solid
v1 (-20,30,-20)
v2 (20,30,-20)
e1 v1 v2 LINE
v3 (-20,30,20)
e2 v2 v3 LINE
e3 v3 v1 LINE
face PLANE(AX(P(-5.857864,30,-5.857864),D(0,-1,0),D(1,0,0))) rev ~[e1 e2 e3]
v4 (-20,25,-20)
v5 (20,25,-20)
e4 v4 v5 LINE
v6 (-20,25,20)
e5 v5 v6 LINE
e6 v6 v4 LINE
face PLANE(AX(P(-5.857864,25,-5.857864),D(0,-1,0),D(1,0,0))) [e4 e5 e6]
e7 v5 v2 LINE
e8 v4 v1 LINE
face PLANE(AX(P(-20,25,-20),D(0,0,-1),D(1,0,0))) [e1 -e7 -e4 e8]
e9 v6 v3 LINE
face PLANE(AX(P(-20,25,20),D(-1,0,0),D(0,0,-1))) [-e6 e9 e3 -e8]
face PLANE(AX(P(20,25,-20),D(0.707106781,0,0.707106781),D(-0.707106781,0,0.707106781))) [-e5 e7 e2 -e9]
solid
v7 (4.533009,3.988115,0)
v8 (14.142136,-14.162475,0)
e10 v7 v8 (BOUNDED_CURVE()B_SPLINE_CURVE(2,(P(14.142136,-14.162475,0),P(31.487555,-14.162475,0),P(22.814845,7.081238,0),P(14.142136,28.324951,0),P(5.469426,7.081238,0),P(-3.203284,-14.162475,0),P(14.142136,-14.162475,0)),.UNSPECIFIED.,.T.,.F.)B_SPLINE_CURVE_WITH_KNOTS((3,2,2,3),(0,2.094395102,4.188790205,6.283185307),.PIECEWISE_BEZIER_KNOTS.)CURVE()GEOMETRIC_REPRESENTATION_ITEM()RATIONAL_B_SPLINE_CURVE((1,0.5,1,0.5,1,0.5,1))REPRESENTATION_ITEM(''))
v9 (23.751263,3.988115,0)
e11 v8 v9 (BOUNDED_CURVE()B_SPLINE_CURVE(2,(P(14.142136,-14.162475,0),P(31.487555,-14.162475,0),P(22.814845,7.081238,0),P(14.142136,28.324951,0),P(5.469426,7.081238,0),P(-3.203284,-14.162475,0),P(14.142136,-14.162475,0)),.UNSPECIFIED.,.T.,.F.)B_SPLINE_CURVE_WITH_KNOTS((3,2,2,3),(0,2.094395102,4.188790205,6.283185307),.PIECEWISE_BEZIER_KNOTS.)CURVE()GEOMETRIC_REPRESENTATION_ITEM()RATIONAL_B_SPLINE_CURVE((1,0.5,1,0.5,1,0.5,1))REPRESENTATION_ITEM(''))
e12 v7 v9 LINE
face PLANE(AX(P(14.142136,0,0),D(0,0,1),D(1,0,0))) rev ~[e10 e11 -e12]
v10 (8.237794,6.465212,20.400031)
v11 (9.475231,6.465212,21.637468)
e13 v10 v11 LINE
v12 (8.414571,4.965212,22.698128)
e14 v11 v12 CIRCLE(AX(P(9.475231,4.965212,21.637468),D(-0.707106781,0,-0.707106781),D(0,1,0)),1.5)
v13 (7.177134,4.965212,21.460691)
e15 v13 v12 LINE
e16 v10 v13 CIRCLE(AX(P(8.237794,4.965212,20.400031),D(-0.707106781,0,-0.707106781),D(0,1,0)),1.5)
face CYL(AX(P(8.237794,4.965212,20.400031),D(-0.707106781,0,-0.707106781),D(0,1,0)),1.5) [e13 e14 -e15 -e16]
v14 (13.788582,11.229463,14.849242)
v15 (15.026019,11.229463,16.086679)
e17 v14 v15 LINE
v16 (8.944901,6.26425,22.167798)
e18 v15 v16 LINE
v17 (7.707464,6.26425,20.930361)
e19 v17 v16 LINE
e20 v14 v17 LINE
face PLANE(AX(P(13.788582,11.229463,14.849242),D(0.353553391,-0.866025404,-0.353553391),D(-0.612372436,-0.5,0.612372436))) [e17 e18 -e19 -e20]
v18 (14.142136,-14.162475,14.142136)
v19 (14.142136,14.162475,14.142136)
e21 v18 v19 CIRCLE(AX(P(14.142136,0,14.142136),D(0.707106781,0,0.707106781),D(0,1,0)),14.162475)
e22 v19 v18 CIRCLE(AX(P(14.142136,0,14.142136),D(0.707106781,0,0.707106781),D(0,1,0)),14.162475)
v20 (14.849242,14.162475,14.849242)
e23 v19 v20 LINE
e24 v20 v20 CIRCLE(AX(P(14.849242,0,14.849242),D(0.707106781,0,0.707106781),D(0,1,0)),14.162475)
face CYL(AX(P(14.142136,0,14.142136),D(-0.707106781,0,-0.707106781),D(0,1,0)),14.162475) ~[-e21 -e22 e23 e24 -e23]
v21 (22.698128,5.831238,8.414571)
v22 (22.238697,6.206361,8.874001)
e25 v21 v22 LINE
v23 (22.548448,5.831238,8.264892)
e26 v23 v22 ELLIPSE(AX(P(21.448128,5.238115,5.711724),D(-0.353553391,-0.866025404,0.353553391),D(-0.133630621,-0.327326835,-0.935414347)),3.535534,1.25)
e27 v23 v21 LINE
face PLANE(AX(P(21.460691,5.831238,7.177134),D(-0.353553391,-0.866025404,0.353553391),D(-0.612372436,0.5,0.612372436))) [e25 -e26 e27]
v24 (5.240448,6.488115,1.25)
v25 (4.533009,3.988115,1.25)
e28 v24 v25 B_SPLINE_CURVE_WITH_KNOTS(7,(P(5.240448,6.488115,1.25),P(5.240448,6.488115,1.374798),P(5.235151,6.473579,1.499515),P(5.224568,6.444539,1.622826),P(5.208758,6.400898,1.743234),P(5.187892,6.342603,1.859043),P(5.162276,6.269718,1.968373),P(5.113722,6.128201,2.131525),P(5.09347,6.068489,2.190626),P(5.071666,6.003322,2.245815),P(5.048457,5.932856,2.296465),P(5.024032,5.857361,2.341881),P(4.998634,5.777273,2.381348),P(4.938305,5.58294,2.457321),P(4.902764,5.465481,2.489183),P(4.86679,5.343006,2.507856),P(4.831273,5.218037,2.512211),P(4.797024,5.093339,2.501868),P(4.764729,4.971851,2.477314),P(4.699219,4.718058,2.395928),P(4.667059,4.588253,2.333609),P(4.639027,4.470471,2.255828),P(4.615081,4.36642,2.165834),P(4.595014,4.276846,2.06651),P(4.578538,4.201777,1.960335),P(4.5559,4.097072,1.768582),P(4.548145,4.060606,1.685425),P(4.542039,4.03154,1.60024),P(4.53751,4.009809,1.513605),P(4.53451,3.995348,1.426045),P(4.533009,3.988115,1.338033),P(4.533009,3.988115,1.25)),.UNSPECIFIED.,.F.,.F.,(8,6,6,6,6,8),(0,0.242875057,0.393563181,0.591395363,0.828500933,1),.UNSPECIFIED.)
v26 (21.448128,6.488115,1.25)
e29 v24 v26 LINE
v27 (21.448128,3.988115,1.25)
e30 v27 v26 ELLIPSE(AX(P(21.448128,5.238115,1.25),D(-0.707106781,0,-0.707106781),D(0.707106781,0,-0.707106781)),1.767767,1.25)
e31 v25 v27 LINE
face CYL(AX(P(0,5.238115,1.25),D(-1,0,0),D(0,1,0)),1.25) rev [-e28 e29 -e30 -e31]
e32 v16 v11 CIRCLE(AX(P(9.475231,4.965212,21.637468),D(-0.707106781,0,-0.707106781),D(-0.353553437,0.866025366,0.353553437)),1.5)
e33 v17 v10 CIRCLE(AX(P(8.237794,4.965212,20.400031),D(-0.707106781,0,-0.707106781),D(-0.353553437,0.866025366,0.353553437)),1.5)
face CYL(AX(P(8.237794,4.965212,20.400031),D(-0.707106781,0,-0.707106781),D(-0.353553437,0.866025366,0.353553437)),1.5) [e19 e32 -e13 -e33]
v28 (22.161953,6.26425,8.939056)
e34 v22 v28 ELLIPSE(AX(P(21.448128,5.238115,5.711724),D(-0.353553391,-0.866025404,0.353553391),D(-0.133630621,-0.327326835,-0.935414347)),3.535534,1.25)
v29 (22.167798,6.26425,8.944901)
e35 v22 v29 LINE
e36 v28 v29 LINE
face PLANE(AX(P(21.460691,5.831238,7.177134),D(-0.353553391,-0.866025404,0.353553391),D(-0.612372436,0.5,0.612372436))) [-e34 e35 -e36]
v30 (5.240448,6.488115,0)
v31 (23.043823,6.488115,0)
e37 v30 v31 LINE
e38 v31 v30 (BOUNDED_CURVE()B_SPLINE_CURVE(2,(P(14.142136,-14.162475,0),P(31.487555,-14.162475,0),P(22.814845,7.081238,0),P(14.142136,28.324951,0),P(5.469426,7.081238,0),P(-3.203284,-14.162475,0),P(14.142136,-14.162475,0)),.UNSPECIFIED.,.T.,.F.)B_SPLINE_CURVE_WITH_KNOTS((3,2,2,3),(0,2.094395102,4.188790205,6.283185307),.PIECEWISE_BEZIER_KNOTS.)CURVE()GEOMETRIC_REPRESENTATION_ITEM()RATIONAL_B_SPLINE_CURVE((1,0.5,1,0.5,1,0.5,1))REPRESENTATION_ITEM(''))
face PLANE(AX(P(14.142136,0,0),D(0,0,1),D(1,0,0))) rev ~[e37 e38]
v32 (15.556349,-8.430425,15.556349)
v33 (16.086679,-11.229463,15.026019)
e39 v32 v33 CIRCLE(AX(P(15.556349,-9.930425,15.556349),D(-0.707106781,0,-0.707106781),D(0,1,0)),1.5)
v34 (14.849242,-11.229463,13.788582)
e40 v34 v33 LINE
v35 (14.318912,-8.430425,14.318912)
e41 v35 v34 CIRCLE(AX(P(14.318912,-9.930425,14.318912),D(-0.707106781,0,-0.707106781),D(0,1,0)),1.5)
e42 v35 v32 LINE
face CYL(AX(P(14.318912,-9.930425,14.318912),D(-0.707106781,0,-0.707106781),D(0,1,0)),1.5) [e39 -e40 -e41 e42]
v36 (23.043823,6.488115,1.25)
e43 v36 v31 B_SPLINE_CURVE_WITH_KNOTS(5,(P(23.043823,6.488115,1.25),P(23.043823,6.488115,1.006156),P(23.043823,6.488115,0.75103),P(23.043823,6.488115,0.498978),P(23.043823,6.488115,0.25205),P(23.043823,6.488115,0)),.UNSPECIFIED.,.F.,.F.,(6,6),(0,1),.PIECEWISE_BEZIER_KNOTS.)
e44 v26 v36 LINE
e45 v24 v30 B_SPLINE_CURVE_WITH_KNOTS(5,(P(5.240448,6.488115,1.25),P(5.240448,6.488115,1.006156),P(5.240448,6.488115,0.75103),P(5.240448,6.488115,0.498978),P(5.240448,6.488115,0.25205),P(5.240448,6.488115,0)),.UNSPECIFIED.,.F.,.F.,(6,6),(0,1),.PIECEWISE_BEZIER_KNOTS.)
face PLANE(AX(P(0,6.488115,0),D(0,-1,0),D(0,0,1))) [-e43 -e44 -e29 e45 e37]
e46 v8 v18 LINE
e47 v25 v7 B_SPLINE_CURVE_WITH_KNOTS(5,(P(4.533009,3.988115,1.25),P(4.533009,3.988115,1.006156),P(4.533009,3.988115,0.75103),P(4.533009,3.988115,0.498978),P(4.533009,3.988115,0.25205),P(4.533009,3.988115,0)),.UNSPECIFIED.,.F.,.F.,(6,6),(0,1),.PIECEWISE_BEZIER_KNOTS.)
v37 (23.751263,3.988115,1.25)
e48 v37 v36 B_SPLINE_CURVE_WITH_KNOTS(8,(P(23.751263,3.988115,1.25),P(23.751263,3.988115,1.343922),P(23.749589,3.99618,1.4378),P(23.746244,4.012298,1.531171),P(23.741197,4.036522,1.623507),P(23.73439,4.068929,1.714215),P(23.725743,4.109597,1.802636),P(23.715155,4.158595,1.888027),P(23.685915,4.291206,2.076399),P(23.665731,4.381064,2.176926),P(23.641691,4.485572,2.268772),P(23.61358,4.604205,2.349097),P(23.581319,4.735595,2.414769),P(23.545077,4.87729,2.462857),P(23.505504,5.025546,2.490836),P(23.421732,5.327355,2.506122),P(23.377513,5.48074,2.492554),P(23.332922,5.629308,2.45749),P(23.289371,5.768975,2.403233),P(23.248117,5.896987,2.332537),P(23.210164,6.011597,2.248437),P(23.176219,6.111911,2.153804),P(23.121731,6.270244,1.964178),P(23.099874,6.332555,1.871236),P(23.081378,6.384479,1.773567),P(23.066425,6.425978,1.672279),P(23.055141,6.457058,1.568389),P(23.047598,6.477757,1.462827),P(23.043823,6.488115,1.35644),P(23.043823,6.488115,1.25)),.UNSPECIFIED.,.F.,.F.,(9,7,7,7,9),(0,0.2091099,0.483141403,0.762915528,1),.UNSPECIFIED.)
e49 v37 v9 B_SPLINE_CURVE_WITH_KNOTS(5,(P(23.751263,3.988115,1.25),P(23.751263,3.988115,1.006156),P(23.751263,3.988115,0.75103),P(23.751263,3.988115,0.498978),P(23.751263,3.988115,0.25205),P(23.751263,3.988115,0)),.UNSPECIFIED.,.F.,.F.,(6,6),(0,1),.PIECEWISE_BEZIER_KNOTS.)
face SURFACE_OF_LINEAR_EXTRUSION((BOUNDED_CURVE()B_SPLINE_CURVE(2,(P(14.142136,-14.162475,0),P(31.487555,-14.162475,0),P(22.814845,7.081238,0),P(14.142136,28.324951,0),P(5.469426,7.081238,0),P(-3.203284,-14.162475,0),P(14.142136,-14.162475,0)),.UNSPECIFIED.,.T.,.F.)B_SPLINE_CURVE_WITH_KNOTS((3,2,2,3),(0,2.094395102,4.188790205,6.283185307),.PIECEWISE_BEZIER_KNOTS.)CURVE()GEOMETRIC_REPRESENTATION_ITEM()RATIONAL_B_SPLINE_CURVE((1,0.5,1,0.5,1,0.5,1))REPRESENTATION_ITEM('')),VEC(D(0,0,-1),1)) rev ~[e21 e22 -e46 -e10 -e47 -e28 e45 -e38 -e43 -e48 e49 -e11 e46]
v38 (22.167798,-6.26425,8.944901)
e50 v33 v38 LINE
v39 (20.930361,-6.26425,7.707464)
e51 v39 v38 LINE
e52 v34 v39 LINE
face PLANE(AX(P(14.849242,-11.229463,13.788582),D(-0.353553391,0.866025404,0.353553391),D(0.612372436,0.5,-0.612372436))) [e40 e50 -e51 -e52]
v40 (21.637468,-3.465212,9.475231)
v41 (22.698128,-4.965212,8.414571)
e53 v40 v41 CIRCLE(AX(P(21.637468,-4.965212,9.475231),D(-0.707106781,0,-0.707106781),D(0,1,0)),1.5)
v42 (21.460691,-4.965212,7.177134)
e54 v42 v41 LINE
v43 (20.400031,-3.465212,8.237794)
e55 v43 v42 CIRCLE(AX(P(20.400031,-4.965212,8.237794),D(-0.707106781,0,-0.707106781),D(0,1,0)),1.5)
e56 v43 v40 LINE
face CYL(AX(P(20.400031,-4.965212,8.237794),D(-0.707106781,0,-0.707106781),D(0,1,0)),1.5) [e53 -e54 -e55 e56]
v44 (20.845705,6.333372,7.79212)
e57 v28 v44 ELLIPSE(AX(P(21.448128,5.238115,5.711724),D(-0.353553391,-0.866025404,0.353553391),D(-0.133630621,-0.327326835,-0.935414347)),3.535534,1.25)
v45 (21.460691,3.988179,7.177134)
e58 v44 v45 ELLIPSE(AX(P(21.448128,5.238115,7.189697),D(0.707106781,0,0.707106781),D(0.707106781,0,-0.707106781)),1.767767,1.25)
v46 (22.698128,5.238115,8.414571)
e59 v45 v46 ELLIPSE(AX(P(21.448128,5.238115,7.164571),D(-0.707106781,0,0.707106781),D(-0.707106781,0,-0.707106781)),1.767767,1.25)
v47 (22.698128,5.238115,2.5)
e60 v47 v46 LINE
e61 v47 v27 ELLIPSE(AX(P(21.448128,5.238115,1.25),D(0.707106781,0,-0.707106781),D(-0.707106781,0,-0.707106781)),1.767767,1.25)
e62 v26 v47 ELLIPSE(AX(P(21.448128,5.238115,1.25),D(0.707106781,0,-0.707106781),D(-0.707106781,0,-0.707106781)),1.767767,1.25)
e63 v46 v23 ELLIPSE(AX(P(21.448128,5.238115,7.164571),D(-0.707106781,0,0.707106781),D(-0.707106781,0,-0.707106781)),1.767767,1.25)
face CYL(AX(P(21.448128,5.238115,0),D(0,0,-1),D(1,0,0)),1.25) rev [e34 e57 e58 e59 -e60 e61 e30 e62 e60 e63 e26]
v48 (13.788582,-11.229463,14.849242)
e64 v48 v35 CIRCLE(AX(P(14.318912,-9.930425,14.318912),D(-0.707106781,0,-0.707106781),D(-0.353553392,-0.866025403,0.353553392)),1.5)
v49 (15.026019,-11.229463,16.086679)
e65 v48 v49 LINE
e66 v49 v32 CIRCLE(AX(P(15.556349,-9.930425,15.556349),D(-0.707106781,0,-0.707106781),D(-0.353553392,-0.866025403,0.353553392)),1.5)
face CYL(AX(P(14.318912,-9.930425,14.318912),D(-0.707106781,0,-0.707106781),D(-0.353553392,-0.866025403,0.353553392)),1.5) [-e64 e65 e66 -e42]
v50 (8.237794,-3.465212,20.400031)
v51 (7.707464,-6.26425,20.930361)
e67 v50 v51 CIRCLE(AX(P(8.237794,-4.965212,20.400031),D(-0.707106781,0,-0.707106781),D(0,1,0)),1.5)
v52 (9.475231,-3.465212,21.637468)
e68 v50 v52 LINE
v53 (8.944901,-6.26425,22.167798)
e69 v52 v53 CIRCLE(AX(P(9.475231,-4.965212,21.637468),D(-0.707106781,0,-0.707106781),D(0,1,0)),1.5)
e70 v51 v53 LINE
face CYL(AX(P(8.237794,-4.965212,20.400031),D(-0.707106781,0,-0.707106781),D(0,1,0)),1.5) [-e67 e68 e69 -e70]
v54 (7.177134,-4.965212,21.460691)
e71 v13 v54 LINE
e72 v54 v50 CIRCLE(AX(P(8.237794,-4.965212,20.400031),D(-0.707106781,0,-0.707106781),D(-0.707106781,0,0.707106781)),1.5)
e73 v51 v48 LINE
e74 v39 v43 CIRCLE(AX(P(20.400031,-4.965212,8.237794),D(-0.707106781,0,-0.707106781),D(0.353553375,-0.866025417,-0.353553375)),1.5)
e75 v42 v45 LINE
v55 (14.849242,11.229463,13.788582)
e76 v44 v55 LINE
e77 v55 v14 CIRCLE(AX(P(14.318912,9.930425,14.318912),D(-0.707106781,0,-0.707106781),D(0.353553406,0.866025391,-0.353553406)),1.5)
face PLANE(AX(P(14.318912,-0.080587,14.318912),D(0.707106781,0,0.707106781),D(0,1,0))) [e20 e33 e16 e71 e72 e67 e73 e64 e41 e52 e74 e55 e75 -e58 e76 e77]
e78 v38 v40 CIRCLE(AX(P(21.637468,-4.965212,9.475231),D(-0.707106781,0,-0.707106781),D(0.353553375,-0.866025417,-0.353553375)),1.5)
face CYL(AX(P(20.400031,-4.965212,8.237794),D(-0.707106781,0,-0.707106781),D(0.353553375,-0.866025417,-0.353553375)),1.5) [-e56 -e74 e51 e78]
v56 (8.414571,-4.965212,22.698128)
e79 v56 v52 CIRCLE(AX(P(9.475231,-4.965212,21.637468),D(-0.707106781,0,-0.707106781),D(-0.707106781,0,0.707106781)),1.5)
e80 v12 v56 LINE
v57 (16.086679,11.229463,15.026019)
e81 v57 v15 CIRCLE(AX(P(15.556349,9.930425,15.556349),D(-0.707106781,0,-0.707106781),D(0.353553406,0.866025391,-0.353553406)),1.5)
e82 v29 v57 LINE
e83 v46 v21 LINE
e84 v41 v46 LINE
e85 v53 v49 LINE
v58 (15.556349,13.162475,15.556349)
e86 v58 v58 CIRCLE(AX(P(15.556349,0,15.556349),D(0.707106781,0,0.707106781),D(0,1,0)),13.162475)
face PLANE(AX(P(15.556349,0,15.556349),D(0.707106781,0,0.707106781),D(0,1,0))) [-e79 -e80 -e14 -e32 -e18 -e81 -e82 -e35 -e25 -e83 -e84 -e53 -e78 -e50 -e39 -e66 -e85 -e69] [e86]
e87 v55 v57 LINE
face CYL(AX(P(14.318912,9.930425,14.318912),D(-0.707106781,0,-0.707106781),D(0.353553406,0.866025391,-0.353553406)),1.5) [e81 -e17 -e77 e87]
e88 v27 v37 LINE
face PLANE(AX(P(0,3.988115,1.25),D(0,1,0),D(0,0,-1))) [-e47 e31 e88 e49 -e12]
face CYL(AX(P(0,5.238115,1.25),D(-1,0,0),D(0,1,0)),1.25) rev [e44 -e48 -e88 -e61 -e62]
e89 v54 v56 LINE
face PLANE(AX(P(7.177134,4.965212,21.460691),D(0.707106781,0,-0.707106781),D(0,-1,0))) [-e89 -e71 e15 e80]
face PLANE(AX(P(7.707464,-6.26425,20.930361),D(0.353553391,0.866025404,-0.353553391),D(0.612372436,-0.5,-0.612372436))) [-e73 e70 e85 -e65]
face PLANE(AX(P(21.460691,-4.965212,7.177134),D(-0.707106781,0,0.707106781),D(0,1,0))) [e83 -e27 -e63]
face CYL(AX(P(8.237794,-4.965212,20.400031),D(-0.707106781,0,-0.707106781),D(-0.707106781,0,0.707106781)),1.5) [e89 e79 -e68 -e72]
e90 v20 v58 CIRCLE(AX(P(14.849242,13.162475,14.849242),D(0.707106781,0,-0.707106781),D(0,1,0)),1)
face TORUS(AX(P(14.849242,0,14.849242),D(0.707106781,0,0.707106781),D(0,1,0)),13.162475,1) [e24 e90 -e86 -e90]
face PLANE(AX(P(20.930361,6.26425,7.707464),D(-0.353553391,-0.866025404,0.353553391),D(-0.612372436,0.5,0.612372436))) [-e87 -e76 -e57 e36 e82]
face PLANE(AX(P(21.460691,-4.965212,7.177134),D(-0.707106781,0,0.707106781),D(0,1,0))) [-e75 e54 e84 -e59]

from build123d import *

# Parameters (mm, degrees)
F1_START  = -25
F1_DEPTH  = 5
F4_R      = 12.6624754376
F5_DEPTH  = 2
F4_R_2    = 14.1624754376
F6_DEPTH  = 2
F7_START  = 0.25
F7_DEPTH  = 1.75
F8_R      = 1
F9_R      = 1.25
F11_DEPTH = 25
F13_DEPTH = 25.1575181441


with BuildPart() as f1:
    # F0 (on Front) → F1 (new body)
    with BuildSketch(Plane.XZ.offset(F1_START)):
        Polygon((-20, 20), (-20, -20), (20, -20), align=None)
    extrude(amount=-F1_DEPTH)


with BuildPart() as f5:
    # F4 (on offset) → F5 (new body)
    with BuildSketch(Plane(origin=(14.1421356237, 0, 14.1421356237), x_dir=(0, 1, 0), z_dir=(0.7071067812, 0, 0.7071067812))):
        Circle(F4_R)
    extrude(amount=F5_DEPTH)

    # F4 (on offset) → F6 (join)
    with BuildSketch(Plane(origin=(14.1421356237, 0, 14.1421356237), x_dir=(0, 1, 0), z_dir=(0.7071067812, 0, 0.7071067812))):
        Circle(F4_R_2)
        Circle(F4_R, mode=Mode.SUBTRACT)
    extrude(amount=F6_DEPTH)

    # F3 (on offset) → F7 (cut)
    with BuildSketch(Plane(origin=(14.1421356237, 0, 14.1421356237), x_dir=(0, 1, 0), z_dir=(0.7071067812, 0, 0.7071067812)).offset(F7_START)):
        with BuildLine():
            Line((-4.9652123086, -10.1), (4.965212315, -10.1))
            ThreePointArc((4.965212315, -10.1), (3.9045521433, -7.5393398282), (6.465212315, -8.6))
            ThreePointArc((6.465212315, -8.6), (6.4141010435, -8.9882286085), (6.2642503784, -9.3500000732))
            Line((6.2642503784, -9.3500000732), (11.2294627171, -0.7500000322))
            ThreePointArc((11.2294627171, -0.7500000322), (8.4304246301, 1.2e-08), (11.2294627291, 0.7500000115))
            Line((11.2294627291, 0.7500000115), (6.2642503641, 9.3500000981))
            ThreePointArc((6.2642503641, 9.3500000981), (6.4141010398, 8.9882286224), (6.465212315, 8.6))
            ThreePointArc((6.465212315, 8.6), (3.9045521433, 7.5393398282), (4.965212315, 10.1))
            Line((4.965212315, 10.1), (-4.965212315, 10.1))
            ThreePointArc((-4.965212315, 10.1), (-3.9045521433, 9.6606601718), (-3.465212315, 8.6))
            ThreePointArc((-3.465212315, 8.6), (-5.3534408819, 7.1511112604), (-6.2642504215, 9.3499999986))
            Line((-6.2642504215, 9.3499999986), (-11.2294627343, 0.7500000025))
            ThreePointArc((-11.2294627343, 0.7500000025), (-9.542196061, 1.4488887391), (-8.4304246301, 0))
            ThreePointArc((-8.4304246301, 0), (-9.5421960871, -1.448888746), (-11.2294627613, -0.7499999558))
            Line((-11.2294627613, -0.7499999558), (-6.2642504402, -9.3499999663))
            ThreePointArc((-6.2642504402, -9.3499999663), (-5.3534408639, -7.1511112555), (-3.465212315, -8.6))
            ThreePointArc((-3.465212315, -8.6), (-3.904552141, -9.6606601695), (-4.9652123086, -10.1))
        make_face()
        with BuildLine():
            ThreePointArc((6.465212315, -8.6), (3.9045521433, -7.5393398282), (4.965212315, -10.1))
            ThreePointArc((4.965212315, -10.1), (5.7152122784, -9.8990381268), (6.2642503784, -9.3500000732))
            ThreePointArc((6.2642503784, -9.3500000732), (6.4141010435, -8.9882286085), (6.465212315, -8.6))
        make_face()
        with BuildLine():
            Line((4.965212315, -10.1), (5.8312377188, -10.1))
            Line((5.8312377188, -10.1), (6.2642503784, -9.3500000732))
            ThreePointArc((6.2642503784, -9.3500000732), (5.7152122784, -9.8990381268), (4.965212315, -10.1))
        make_face()
    extrude(amount=F7_DEPTH, mode=Mode.SUBTRACT)

    # F8
    f8_edges = [f5.edges().sort_by_distance(p)[0] for p in [
        (15.556349, -14.162475, 15.556349),
    ]]
    fillet(f8_edges, radius=F8_R)

    # F9 (on Top) → F10 (join, up to the next surface of F5)
    with BuildSketch(Plane.XY):
        with BuildLine():
            add(Edge.make_bspline(
                [(14.1421356237, -14.1624754376), (31.4875547822, -14.1624754376), (22.814845203, 7.0812377188), (14.1421356237, 28.3249508753), (5.4694260445, 7.0812377188), (-3.2032835347, -14.1624754376), (14.1421356237, -14.1624754376)],
                knots=[0, 0, 0, 2.0943951024, 2.0943951024, 4.1887902048, 4.1887902048, 6.2831853072, 6.2831853072, 6.2831853072], degree=2, weights=[1, 0.5, 1, 0.5, 1, 0.5, 1]))
        make_face()
        with Locations((21.4481276761, 5.2381153841)):
            Circle(F9_R, mode=Mode.SUBTRACT)
    extrude(until=Until.NEXT)

    # F9 (on Top) → F11 (cut)
    with BuildSketch(Plane.XY):
        with Locations((21.4481276761, 5.2381153841)):
            Circle(F9_R)
    extrude(amount=F11_DEPTH, mode=Mode.SUBTRACT)

    # F12 (on Right) → F13 (cut, through all)
    with BuildSketch(Plane.YZ):
        with BuildLine():
            Line((3.9881153841, 0), (6.4881153841, 0))
            Line((6.4881153841, 0), (6.4881153841, 1.25))
            ThreePointArc((6.4881153841, 1.25), (5.2381153841, 2.5), (3.9881153841, 1.25))
            Line((3.9881153841, 1.25), (3.9881153841, 0))
        make_face()
    extrude(amount=F13_DEPTH, mode=Mode.SUBTRACT)


solid = Compound([f1.part, f5.part])
